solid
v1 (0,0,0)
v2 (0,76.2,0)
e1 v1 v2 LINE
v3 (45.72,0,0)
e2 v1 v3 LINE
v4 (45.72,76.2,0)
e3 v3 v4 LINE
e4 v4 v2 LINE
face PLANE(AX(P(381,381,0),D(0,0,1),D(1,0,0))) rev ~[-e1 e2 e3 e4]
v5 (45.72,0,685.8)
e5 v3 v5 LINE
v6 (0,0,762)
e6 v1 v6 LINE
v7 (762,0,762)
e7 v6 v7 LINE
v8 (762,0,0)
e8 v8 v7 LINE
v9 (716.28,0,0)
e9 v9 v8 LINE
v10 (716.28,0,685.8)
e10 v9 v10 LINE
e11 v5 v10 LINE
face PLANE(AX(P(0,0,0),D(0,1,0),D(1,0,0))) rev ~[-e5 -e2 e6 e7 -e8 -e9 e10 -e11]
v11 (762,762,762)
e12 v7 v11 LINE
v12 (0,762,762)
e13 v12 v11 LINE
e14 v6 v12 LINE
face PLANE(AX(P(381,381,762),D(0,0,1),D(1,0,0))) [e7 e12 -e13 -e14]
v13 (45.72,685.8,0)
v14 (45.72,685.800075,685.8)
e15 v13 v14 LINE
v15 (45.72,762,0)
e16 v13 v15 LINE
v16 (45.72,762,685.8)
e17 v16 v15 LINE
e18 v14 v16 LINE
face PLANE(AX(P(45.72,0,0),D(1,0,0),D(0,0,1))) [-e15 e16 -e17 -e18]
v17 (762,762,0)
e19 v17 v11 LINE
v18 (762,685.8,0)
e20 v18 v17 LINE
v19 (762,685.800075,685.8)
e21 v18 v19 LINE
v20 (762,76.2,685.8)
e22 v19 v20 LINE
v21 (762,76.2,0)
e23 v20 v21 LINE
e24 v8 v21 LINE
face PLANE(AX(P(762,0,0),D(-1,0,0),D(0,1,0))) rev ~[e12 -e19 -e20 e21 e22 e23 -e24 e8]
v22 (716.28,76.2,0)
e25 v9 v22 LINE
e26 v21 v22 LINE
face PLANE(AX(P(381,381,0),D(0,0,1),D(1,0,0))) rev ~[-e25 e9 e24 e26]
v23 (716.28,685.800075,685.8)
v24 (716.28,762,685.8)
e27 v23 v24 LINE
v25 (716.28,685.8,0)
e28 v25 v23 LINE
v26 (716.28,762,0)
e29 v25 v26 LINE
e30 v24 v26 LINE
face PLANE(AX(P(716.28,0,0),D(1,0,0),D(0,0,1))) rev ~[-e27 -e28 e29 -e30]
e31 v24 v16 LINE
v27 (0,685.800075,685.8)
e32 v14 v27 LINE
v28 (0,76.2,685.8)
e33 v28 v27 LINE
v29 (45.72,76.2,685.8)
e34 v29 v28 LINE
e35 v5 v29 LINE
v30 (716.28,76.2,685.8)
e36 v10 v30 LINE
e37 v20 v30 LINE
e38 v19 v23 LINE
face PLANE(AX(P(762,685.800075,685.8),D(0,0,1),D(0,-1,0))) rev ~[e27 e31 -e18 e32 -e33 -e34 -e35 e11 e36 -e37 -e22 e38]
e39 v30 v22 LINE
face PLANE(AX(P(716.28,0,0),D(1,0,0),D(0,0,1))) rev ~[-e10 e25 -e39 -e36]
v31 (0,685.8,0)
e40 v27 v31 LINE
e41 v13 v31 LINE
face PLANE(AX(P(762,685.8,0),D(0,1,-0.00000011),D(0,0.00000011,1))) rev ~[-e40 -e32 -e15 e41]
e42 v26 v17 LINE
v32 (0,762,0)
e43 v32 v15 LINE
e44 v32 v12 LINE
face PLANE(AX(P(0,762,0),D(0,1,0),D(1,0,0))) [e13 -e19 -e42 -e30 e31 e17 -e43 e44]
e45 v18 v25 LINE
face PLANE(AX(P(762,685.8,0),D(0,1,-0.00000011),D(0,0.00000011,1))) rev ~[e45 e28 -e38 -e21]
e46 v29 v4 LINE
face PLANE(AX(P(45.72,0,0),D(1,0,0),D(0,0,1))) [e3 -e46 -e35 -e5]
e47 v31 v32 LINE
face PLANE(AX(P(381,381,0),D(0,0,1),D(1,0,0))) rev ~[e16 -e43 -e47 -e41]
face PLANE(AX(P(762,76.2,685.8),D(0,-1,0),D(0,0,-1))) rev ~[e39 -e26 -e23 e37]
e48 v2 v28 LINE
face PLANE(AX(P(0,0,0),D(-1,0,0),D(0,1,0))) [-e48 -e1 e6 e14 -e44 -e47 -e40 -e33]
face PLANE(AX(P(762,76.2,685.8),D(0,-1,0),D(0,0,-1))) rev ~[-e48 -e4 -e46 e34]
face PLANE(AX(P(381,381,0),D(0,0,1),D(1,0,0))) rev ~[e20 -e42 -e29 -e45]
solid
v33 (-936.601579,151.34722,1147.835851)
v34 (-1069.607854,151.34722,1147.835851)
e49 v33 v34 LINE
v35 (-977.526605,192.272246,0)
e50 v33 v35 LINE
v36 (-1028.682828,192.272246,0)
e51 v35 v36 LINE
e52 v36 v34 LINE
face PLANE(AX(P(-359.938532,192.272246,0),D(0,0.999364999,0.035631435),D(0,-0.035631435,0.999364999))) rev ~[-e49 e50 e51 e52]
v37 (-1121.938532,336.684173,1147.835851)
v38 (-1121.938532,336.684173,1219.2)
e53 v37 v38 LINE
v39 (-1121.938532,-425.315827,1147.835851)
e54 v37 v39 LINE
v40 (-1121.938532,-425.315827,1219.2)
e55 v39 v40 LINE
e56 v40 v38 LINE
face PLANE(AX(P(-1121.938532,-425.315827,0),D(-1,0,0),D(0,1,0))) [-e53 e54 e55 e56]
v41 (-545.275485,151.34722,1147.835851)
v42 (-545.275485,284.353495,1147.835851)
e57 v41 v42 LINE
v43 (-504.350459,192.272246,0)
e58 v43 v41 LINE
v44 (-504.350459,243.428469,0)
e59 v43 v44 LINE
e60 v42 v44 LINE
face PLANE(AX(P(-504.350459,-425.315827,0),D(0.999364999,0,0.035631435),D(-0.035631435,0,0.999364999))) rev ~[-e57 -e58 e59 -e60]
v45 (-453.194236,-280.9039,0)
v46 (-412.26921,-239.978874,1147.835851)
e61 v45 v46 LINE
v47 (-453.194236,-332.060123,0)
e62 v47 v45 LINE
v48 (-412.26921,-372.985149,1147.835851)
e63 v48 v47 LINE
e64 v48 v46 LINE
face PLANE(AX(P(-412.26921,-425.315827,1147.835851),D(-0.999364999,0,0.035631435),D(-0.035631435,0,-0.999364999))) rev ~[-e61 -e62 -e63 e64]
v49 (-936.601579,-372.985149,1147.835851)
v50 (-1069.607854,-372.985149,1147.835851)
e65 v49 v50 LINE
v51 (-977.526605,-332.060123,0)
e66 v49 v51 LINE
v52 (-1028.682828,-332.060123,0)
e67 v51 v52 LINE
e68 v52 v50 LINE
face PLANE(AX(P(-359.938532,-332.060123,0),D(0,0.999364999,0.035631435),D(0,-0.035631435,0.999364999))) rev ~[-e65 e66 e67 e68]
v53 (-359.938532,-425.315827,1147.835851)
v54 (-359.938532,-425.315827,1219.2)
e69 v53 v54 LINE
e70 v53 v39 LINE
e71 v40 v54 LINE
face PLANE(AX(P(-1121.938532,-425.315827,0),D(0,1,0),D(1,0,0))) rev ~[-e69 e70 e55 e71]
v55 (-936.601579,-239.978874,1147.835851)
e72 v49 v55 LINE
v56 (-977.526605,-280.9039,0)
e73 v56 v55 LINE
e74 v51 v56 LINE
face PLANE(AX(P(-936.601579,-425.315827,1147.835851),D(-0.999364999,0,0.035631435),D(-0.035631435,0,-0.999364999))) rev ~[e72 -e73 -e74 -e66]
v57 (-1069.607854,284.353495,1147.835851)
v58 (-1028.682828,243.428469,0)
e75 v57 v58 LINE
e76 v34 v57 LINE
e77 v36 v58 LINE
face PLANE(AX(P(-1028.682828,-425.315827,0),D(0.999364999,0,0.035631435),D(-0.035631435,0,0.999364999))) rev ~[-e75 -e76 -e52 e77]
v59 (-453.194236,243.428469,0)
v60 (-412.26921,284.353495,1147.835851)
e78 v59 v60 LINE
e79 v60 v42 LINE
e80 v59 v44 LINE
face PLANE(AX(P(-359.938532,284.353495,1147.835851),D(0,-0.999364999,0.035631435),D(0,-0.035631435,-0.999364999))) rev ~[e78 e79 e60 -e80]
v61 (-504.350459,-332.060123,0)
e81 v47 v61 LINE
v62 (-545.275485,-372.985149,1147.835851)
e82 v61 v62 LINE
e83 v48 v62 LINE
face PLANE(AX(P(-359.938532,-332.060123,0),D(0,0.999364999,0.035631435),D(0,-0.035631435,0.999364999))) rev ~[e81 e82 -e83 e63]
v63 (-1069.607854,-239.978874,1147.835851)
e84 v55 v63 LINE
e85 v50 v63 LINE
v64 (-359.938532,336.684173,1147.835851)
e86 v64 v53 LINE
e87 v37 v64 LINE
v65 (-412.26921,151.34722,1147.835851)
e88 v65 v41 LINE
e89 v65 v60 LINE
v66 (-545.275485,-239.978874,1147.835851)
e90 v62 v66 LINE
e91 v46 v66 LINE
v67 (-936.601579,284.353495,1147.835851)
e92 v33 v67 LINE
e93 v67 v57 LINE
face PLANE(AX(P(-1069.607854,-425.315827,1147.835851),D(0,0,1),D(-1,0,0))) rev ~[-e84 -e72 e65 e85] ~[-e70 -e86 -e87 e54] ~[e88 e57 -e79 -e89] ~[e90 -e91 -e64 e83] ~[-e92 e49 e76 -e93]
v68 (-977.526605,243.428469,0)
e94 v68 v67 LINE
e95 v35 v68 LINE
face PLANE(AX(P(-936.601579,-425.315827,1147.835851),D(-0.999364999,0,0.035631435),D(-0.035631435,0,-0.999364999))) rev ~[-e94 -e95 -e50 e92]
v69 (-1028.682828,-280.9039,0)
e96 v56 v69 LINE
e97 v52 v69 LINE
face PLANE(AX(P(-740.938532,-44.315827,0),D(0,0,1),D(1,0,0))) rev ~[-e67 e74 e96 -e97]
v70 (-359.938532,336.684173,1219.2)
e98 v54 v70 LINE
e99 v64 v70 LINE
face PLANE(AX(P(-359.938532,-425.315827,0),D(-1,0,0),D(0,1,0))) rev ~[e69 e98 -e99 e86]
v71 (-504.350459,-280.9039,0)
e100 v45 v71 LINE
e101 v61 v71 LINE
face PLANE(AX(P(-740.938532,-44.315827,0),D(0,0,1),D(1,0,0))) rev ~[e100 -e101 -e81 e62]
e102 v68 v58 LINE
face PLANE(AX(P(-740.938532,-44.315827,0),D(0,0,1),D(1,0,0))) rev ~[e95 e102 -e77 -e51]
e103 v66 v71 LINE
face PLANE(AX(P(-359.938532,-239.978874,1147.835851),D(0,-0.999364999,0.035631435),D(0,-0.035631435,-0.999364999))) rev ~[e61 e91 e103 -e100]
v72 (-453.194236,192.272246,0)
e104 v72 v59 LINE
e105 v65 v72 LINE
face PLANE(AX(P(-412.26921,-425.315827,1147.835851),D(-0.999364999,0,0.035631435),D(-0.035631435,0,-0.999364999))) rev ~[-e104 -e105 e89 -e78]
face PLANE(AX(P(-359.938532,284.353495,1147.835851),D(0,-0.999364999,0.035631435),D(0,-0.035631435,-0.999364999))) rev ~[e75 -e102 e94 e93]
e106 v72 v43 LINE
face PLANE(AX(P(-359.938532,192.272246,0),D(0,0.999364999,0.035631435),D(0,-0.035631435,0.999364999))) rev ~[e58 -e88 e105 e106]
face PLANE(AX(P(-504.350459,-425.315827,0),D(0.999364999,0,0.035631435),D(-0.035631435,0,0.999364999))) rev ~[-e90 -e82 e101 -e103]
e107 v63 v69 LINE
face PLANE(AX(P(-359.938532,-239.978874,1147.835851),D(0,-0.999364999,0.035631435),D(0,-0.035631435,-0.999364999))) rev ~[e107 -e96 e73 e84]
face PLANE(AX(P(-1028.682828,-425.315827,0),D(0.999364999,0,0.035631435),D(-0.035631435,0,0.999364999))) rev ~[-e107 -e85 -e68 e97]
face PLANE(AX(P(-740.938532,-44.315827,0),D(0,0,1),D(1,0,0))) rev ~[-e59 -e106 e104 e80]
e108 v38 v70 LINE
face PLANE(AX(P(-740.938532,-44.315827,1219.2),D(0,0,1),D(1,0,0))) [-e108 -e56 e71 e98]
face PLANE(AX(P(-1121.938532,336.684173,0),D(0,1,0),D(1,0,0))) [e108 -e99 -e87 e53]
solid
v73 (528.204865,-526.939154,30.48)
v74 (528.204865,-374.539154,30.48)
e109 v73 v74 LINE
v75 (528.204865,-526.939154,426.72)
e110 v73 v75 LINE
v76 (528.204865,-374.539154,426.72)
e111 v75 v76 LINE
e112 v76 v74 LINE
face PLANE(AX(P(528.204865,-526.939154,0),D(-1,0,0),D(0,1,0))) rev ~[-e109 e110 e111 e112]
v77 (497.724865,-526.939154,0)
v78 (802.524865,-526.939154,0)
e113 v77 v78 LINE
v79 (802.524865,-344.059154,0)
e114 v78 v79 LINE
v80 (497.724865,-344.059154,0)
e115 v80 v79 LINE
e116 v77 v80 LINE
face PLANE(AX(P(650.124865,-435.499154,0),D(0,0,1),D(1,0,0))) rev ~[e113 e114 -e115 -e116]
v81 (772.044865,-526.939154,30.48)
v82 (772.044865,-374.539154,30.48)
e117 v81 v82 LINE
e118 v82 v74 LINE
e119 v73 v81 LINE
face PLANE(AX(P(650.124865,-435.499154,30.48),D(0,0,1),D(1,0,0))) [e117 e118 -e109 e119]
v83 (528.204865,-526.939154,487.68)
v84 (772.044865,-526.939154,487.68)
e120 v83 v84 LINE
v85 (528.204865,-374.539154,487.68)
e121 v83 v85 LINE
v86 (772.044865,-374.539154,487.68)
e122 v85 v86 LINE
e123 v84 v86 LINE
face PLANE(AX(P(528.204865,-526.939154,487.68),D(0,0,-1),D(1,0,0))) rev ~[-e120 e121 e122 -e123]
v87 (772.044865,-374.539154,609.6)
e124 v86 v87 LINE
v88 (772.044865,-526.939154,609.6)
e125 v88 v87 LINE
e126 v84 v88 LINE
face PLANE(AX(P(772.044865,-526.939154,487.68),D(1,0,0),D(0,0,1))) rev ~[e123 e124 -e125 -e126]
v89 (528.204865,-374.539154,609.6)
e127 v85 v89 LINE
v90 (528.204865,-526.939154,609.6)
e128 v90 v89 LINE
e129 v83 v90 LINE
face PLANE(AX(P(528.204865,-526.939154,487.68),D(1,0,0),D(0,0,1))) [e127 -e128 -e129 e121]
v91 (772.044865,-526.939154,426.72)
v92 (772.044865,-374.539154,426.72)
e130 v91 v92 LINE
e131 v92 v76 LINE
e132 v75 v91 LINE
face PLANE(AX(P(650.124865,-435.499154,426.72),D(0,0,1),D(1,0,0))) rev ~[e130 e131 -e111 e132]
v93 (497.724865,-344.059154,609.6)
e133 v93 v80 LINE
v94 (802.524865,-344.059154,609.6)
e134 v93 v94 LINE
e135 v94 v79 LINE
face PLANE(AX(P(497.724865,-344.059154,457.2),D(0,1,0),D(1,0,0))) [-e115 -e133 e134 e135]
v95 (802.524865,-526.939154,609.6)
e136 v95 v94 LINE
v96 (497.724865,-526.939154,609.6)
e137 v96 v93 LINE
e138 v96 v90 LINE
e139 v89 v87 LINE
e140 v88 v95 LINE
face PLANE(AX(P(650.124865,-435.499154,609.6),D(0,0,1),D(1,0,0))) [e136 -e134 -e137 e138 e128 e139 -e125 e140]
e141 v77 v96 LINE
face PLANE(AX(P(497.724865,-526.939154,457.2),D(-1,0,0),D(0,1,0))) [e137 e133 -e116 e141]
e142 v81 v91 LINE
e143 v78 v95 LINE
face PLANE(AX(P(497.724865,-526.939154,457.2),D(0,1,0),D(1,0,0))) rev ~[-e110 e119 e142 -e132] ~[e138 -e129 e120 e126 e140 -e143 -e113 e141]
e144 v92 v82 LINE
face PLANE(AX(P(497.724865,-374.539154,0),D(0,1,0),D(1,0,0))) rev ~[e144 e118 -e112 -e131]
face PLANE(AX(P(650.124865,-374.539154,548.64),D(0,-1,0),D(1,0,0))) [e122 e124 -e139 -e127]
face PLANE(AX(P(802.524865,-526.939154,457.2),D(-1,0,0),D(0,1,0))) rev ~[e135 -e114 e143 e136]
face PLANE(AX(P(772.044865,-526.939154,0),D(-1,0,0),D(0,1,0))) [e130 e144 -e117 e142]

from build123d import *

# Parameters (mm, degrees)
F0_W      = 762
F0_H      = 762
F1_DEPTH  = 762
F2_W      = 670.56
F2_H      = 685.8
F3_DEPTH  = 762.001
F5_DEPTH  = 762.001
F6_W      = 762
F6_H      = 762
F7_DEPTH  = 1219.2
F10_DEPTH = 1187.3168271313
F11_DEPTH = 762.001
F12_W     = 304.8
F12_H     = 182.88
F13_DEPTH = 457.2
F14_T     = -30.48
F15_W     = 304.8
F15_H     = 182.88
F16_DEPTH = 152.4
F17_W     = 243.84
F17_H     = 121.92
F18_DEPTH = 152.4


with BuildPart() as f1:
    # F0 (on Top) → F1 (new body)
    with BuildSketch(Plane.XY):
        with Locations((381, 381)):
            Rectangle(F0_W, F0_H)
    extrude(amount=F1_DEPTH)

    # F2 (on face) → F3 (cut, through all)
    with BuildSketch(Plane.XZ):
        with Locations((381, 342.9)):
            Rectangle(F2_W, F2_H)
    extrude(amount=-F3_DEPTH, mode=Mode.SUBTRACT)

    # F4 (on face) → F5 (cut, through all)
    with BuildSketch(Plane.YZ.offset(762)):
        Polygon((76.2, 685.8), (76.2, 0), (685.8, 0), (685.8000751236, 685.8), align=None)
    extrude(amount=-F5_DEPTH, mode=Mode.SUBTRACT)


with BuildPart() as f7:
    # F6 (on Top) → F7 (new body)
    with BuildSketch(Plane.XY):
        with Locations((-740.938532114, -44.3158271313)):
            Rectangle(F6_W, F6_H)
    extrude(amount=F7_DEPTH)

    # F8 (on face) → F10 (cut, through all)
    with BuildSketch(Plane.XZ.offset(425.3158271313)):
        Polygon((-1069.6078538895, 1147.8358507156), (-1121.938532114, 1147.8358507156), (-1121.938532114, 0), (-1028.6828279495, 0), align=None)
        Polygon((-936.6015791893, 1147.8358507156), (-977.5266051292, 0), (-504.3504590988, 0), (-545.2754850388, 1147.8358507156), (-704.693377018, 1147.8358507156), align=None)
        Polygon((-359.938532114, 0), (-359.938532114, 1147.8358507156), (-412.2692103386, 1147.8358507156), (-453.1942362785, 0), align=None)
    extrude(amount=-F10_DEPTH, mode=Mode.SUBTRACT)

    # F9 (on face) → F11 (cut, through all)
    with BuildSketch(Plane.YZ.offset(-359.938532114)):
        Polygon((-372.9851489067, 1147.8358507156), (-425.3158271313, 1147.8358507156), (-425.3158271313, 0), (-332.0601229668, 0), align=None)
        Polygon((-239.9788742065, 1147.8358507156), (-280.9039001465, 0), (192.2722458839, 0), (151.347219944, 1147.8358507156), (-8.0706720352, 1147.8358507156), align=None)
        Polygon((336.6841728687, 0), (336.6841728687, 1147.8358507156), (284.3534946442, 1147.8358507156), (243.4284687042, 0), align=None)
    extrude(amount=-F11_DEPTH, mode=Mode.SUBTRACT)


with BuildPart() as f13:
    # F12 (on Top) → F13 (new body)
    with BuildSketch(Plane.XY):
        with Locations((650.1248646736, -435.4991536713)):
            Rectangle(F12_W, F12_H)
    extrude(amount=F13_DEPTH)

    # F14
    f14_openings = [f13.faces().sort_by_distance(p)[0] for p in [
        (650.124865, -526.939154, 228.6),
    ]]
    offset(amount=F14_T, openings=f14_openings)

    # F15 (on face) → F16 (join)
    with BuildSketch(Plane.XY.offset(457.2)):
        with Locations((650.1248646736, -435.4991536713)):
            Rectangle(F15_W, F15_H)
    extrude(amount=F16_DEPTH)

    # F17 (on face) → F18 (cut)
    with BuildSketch(Plane.XZ.offset(526.9391536713)):
        with Locations((650.1248646736, 548.64)):
            Rectangle(F17_W, F17_H)
    extrude(amount=-F18_DEPTH, mode=Mode.SUBTRACT)


solid = Compound([f1.part, f7.part, f13.part])
